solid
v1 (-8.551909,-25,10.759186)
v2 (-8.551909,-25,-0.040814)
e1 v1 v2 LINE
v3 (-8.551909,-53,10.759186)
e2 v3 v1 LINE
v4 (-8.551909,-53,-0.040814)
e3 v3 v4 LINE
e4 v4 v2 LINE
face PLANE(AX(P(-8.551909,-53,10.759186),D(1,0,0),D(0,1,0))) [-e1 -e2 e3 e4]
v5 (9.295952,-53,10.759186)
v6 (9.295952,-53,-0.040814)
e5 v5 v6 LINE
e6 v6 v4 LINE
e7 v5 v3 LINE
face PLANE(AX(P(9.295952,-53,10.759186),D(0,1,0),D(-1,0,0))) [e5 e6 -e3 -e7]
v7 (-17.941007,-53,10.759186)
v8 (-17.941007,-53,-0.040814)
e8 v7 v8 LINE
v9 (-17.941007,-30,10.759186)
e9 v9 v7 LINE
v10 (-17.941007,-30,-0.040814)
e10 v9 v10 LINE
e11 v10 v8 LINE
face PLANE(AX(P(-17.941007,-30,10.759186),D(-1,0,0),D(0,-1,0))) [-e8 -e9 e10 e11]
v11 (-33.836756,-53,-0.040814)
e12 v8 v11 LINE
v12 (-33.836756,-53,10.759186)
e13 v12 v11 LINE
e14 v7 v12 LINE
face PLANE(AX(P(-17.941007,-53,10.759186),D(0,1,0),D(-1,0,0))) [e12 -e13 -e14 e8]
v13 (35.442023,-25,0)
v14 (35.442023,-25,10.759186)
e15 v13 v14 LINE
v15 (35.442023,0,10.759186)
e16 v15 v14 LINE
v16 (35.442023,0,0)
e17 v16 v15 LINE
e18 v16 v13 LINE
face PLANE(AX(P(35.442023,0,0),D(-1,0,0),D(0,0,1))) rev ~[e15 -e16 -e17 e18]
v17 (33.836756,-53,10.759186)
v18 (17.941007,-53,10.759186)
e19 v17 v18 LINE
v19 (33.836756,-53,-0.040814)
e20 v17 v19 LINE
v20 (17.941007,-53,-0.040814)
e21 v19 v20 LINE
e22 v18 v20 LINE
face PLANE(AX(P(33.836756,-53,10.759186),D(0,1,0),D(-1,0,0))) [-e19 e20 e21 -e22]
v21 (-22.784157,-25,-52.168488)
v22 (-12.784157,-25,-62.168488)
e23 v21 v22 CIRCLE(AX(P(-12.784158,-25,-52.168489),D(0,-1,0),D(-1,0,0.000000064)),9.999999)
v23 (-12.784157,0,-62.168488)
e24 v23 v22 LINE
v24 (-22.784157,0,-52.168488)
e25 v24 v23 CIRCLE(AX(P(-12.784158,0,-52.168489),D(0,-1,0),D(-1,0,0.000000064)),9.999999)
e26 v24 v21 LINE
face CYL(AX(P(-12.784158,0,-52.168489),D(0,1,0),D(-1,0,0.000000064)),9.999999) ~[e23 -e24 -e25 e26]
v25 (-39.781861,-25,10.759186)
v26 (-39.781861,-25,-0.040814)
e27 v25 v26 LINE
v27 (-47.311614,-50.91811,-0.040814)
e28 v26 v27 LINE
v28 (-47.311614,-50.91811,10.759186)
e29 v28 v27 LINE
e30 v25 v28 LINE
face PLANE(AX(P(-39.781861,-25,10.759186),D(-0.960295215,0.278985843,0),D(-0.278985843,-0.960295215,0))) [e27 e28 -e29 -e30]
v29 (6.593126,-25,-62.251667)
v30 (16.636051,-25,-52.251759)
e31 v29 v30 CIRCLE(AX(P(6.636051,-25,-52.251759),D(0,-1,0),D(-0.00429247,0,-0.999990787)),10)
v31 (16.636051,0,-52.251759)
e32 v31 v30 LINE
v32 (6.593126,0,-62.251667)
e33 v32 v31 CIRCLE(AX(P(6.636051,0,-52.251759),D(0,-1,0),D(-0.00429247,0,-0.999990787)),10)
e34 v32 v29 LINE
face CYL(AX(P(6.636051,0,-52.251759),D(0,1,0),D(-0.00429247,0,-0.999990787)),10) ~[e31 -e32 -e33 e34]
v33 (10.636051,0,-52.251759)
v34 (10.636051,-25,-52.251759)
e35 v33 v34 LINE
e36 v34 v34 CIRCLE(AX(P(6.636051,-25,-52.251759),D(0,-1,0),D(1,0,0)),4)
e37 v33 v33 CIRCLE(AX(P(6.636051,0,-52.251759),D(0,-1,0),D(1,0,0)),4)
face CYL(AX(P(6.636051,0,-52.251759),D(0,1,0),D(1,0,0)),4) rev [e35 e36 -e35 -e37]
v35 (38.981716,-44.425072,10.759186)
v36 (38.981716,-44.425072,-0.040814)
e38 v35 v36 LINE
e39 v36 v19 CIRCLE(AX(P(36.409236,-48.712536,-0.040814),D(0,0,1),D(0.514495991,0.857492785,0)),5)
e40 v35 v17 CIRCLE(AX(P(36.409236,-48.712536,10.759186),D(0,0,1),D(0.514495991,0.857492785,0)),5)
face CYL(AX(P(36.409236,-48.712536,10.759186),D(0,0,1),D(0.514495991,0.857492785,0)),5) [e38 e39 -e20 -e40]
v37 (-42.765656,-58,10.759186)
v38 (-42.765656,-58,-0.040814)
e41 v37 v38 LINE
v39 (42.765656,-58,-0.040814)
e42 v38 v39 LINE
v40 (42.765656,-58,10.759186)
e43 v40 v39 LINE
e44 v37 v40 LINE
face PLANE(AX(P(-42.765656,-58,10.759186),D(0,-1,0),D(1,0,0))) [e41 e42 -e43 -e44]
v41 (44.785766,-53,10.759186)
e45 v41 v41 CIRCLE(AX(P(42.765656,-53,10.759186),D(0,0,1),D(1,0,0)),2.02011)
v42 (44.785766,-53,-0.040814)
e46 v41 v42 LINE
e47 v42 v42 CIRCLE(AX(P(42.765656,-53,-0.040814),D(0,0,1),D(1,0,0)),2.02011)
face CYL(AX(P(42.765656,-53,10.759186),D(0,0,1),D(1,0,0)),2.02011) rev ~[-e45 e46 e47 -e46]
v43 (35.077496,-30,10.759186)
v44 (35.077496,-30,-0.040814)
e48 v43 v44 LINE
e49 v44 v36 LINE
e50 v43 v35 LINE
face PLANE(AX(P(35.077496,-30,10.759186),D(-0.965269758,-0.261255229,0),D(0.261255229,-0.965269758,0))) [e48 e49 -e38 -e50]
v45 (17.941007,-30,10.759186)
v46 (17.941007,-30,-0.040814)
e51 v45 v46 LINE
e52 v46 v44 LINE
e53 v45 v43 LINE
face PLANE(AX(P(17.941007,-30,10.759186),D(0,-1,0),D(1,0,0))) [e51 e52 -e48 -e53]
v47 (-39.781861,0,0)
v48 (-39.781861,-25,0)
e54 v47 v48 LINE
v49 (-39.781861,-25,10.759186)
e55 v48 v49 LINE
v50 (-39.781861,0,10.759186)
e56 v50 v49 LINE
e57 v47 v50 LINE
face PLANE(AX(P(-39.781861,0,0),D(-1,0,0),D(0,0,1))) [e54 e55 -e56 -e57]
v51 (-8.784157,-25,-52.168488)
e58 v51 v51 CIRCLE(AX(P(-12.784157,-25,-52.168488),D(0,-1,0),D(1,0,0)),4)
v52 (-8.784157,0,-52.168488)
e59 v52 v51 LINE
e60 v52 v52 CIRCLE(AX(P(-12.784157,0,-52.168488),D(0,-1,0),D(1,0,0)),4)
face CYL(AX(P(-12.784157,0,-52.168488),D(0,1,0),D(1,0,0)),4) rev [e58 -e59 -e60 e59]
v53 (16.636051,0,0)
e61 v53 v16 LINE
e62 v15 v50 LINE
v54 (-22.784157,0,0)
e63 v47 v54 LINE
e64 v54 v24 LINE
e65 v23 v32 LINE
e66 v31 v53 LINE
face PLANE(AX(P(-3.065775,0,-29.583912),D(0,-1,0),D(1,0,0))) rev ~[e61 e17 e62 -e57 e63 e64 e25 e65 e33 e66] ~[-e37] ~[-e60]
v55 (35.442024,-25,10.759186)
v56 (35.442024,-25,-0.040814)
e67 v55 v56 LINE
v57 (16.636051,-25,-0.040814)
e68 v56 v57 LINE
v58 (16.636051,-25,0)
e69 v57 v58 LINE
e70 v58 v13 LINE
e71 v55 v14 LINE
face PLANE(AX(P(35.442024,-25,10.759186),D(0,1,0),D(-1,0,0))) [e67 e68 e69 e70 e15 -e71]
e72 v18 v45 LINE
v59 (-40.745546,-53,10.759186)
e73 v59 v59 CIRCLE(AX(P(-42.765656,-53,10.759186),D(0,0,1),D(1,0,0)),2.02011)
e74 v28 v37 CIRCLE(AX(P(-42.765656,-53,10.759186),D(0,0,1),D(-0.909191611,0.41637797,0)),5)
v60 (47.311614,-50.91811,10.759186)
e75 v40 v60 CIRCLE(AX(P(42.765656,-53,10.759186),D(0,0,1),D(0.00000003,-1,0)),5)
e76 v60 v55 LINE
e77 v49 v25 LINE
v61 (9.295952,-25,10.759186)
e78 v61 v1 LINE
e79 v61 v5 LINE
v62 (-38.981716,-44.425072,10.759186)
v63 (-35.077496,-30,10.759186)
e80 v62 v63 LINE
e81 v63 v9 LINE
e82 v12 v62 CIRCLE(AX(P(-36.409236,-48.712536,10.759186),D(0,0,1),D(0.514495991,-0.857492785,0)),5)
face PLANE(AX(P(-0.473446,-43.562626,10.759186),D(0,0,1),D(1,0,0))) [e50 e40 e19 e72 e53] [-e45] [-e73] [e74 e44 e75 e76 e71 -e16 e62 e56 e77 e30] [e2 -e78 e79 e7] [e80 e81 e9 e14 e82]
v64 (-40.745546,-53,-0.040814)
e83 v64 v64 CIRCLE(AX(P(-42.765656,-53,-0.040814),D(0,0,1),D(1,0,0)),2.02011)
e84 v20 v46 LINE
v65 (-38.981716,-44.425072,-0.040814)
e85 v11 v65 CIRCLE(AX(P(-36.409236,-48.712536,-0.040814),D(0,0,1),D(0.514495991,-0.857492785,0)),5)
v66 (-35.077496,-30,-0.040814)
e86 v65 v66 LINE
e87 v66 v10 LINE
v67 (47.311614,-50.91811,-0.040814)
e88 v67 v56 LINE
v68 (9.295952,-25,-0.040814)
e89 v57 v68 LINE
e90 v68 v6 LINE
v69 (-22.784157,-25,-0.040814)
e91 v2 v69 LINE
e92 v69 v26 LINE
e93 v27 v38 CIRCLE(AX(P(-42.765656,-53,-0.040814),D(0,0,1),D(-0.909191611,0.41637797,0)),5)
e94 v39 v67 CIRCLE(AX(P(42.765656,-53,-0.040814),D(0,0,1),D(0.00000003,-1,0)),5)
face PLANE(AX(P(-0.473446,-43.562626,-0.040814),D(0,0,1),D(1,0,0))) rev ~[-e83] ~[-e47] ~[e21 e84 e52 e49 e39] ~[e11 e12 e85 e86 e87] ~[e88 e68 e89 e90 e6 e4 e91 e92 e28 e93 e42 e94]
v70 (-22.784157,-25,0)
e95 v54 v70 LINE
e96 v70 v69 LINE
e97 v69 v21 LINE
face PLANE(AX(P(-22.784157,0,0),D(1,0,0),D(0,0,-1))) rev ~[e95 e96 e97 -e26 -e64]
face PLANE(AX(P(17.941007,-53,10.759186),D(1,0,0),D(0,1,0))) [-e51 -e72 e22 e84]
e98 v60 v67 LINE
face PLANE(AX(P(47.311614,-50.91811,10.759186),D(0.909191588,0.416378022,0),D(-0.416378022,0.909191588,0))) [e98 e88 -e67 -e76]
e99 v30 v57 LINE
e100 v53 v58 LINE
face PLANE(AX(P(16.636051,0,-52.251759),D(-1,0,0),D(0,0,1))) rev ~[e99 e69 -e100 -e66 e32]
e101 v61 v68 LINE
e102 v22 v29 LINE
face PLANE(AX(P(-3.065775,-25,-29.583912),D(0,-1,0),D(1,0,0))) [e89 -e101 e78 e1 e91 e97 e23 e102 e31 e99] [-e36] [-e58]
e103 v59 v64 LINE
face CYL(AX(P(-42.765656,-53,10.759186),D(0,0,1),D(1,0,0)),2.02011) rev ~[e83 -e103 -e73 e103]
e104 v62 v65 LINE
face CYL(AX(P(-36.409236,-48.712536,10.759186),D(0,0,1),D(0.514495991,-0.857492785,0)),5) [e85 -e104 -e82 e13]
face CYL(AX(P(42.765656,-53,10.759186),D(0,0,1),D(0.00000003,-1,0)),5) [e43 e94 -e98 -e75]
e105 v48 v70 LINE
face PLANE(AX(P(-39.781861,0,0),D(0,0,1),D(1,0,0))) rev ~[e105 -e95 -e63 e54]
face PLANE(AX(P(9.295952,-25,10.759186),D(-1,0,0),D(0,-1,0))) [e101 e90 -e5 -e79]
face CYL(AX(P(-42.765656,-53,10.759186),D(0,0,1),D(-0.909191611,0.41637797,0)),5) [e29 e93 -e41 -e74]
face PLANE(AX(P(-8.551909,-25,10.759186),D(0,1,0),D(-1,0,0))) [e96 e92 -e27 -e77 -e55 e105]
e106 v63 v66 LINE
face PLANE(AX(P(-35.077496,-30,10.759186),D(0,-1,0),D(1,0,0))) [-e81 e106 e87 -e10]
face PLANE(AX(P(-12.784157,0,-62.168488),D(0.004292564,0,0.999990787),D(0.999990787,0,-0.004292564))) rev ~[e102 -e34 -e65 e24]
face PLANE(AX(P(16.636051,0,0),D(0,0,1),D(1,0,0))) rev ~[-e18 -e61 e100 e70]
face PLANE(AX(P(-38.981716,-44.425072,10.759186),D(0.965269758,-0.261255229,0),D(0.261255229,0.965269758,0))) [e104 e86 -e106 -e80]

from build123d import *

# Parameters (mm, degrees)
F0_R     = 4
F0_W     = 8.679679
F0_H     = 10.759186
F0_W_2   = 8.318029
F1_DEPTH = 25
F2_R     = 2.02011
F3_DEPTH = 10.8


with BuildPart() as f1:
    # F0 (on Front) → F1 (new body)
    with BuildSketch(Plane.XZ):
        with BuildLine():
            Line((-6.148105, 0), (-22.784157, 0))
            Line((-22.784157, 0), (-22.784157, -52.168488))
            ThreePointArc((-22.784157, -52.168488), (-19.855225, -59.239556), (-12.784157, -62.168488))
            Line((-12.784157, -62.168488), (6.593126, -62.251667))
            ThreePointArc((6.593126, -62.251667), (13.691926, -59.337987), (16.636051, -52.251759))
            Line((16.636051, -52.251759), (16.636051, 0))
            Line((16.636051, 0), (-0.148105, 0))
            Line((-0.148105, 0), (-6.148105, 0))
        make_face()
        with Locations((-12.784157, -52.168488)):
            Circle(F0_R, mode=Mode.SUBTRACT)
        with Locations((6.636051, -52.251759)):
            Circle(F0_R, mode=Mode.SUBTRACT)
        Polygon((-31.102182, 0), (-22.784157, 0), (-6.148105, 0), (-0.148105, 0), (16.636051, 0), (27.123995, 0), (27.123995, 10.759186), (-31.102182, 10.759186), align=None)
        with Locations((-35.442021, 5.379593)):
            Rectangle(F0_W, F0_H)
        with Locations((31.283009, 5.379593)):
            Rectangle(F0_W_2, F0_H)
    extrude(amount=F1_DEPTH)

    # F2 (on face) → F3 (join)
    with BuildSketch(Plane.XY.offset(10.759186)):
        with BuildLine():
            Line((47.311614, -50.91811), (35.442024, -25))
            Line((35.442024, -25), (9.295952, -25))
            Line((9.295952, -25), (9.295952, -53))
            Line((9.295952, -53), (-8.551909, -53))
            Line((-8.551909, -53), (-8.551909, -25))
            Line((-8.551909, -25), (-39.781861, -25))
            Line((-39.781861, -25), (-47.311614, -50.91811))
            ThreePointArc((-47.311614, -50.91811), (-46.973354, -55.700977), (-42.765656, -58))
            Line((-42.765656, -58), (0, -58))
            Line((0, -58), (42.765656, -58))
            ThreePointArc((42.765656, -58), (46.973354, -55.700977), (47.311614, -50.91811))
        make_face()
        with Locations((-42.765656, -53)):
            Circle(F2_R, mode=Mode.SUBTRACT)
        with Locations((42.765656, -53)):
            Circle(F2_R, mode=Mode.SUBTRACT)
        with BuildLine():
            Line((-35.077496, -30), (-17.941007, -30))
            Line((-17.941007, -30), (-17.941007, -53))
            Line((-17.941007, -53), (-33.836756, -53))
            ThreePointArc((-33.836756, -53), (-32.121772, -46.140056), (-38.981716, -44.425072))
            Line((-38.981716, -44.425072), (-35.077496, -30))
        make_face(mode=Mode.SUBTRACT)
        with BuildLine():
            Line((17.941007, -53), (17.941007, -30))
            Line((17.941007, -30), (35.077496, -30))
            Line((35.077496, -30), (38.981716, -44.425072))
            ThreePointArc((38.981716, -44.425072), (32.121772, -46.140056), (33.836756, -53))
            Line((33.836756, -53), (17.941007, -53))
        make_face(mode=Mode.SUBTRACT)
    extrude(amount=-F3_DEPTH)


solid = f1.part
